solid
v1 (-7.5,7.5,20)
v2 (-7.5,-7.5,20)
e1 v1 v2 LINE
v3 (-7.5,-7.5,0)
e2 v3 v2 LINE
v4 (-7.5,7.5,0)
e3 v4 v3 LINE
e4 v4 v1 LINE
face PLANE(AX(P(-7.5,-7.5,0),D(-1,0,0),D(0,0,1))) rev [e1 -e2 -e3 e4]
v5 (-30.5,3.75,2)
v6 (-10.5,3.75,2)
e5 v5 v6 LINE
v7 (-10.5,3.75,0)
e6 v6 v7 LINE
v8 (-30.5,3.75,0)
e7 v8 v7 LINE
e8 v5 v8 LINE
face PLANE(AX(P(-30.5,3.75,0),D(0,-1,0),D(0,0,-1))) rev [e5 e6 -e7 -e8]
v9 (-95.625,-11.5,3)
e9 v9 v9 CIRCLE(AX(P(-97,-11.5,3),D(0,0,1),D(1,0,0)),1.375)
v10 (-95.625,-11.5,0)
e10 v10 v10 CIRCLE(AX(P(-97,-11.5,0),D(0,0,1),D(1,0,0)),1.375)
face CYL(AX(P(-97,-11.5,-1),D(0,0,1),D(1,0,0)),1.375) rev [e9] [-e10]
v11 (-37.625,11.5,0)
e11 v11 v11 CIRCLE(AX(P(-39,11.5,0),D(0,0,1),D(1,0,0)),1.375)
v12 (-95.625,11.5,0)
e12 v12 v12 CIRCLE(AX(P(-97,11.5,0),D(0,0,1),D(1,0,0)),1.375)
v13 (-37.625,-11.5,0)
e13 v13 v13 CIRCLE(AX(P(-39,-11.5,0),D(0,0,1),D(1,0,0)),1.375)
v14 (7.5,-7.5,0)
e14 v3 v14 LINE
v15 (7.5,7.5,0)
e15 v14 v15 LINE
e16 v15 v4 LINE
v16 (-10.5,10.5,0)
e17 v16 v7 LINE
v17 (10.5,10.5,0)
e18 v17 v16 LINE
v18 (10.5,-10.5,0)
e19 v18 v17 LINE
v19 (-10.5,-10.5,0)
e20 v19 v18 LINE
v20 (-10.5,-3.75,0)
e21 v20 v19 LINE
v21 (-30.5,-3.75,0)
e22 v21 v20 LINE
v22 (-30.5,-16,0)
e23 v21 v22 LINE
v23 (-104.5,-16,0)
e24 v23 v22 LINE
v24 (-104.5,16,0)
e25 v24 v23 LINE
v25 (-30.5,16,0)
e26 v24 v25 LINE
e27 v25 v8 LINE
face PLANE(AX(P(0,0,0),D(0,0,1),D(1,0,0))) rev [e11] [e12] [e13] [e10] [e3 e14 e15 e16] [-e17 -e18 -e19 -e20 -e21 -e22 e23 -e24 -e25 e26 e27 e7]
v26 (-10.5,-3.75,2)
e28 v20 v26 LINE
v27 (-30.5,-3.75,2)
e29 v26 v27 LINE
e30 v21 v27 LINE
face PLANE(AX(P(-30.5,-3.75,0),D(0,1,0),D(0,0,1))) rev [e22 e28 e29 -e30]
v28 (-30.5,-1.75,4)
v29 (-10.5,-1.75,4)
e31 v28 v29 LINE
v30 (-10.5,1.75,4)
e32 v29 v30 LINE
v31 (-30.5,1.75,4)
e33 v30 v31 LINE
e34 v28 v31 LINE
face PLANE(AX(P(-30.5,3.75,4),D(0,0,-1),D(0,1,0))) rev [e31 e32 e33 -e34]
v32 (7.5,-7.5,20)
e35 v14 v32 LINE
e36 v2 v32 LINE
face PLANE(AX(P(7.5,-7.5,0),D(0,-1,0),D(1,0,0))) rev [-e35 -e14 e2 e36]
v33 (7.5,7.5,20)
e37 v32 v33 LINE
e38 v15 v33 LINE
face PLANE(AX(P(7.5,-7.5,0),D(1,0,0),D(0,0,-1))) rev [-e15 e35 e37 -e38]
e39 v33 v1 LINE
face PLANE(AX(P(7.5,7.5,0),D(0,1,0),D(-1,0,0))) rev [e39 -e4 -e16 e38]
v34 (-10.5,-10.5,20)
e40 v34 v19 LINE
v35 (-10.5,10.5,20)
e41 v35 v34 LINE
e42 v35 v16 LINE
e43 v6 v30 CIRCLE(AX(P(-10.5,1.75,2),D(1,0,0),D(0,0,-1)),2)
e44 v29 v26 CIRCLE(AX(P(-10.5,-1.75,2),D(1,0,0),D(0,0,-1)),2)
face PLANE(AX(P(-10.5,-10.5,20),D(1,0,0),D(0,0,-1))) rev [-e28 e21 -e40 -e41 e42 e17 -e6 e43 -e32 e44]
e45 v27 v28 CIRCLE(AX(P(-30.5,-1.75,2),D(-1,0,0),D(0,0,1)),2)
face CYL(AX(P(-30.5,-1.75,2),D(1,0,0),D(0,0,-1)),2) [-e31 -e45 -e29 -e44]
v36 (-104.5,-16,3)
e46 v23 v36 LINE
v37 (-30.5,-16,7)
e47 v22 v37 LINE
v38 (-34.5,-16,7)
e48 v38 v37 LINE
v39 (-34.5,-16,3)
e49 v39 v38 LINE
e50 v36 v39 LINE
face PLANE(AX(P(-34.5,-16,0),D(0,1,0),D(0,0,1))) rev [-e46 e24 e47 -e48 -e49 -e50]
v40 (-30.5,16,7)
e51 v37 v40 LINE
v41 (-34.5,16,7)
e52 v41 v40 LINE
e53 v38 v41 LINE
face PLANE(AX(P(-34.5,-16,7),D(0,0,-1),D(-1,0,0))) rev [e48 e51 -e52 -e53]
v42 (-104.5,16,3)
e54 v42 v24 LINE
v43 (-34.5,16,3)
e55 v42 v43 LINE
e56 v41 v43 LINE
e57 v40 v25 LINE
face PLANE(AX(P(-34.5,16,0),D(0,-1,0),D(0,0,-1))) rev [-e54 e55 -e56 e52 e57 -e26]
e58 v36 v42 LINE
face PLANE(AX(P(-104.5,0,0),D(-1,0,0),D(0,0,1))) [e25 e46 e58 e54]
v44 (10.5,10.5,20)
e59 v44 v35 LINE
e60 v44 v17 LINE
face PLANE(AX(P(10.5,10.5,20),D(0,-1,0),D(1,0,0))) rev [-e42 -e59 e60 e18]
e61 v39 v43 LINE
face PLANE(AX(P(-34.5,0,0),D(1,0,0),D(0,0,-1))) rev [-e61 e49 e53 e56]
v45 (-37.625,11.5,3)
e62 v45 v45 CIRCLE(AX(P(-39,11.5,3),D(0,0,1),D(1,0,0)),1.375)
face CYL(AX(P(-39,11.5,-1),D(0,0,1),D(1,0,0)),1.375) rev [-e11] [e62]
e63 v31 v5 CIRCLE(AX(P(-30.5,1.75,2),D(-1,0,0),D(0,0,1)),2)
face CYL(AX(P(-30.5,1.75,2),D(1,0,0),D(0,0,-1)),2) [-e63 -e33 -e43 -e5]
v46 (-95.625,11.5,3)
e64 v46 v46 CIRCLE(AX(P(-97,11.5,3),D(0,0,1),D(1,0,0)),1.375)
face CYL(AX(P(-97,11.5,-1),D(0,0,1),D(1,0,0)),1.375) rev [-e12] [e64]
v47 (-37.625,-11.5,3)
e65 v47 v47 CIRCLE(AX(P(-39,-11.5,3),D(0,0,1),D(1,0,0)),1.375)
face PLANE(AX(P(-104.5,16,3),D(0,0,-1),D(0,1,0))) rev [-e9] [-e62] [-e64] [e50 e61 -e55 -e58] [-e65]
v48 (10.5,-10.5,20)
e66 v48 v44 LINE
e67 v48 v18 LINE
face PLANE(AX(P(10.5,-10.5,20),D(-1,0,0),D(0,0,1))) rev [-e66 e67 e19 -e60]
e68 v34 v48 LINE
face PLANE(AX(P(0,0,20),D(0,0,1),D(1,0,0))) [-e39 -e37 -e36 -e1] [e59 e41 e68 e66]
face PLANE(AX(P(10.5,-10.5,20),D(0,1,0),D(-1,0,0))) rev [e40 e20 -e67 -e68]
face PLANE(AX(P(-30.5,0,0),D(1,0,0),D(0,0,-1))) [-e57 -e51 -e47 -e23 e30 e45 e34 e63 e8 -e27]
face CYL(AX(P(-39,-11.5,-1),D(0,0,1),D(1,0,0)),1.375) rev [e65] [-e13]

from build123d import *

# Parameters (mm, degrees)
SKETCH2_W           = 21
SKETCH2_H           = 21
BOSS_EXTRUDE1_DEPTH = 20
SKETCH3_W           = 15
SKETCH3_H           = 15
CUT_EXTRUDE1_DEPTH  = 20
SKETCH4_W           = 4
SKETCH4_H           = 7.5
BOSS_EXTRUDE2_DEPTH = 20
FILLET2_R           = 2
SKETCH5_W           = 7
SKETCH5_H           = 32
BOSS_EXTRUDE3_DEPTH = 4
SKETCH6_W           = 3
SKETCH6_H           = 32
BOSS_EXTRUDE4_DEPTH = 70
SKETCH8_R           = 1.375
CUT_EXTRUDE2_DEPTH  = 4


with BuildPart() as part:
    # Sketch2 → Boss-Extrude1 (new body)
    with BuildSketch(Plane.XY):
        Rectangle(SKETCH2_W, SKETCH2_H)
    extrude(amount=BOSS_EXTRUDE1_DEPTH)

    # Sketch3 → Cut-Extrude1 (cut)
    with BuildSketch(Plane.XY.offset(20)):
        Rectangle(SKETCH3_W, SKETCH3_H)
    extrude(amount=-CUT_EXTRUDE1_DEPTH, mode=Mode.SUBTRACT)

    # Sketch4 → Boss-Extrude2 (add)
    with BuildSketch(Plane.ZY.offset(10.5)):
        with Locations((2, 0)):
            Rectangle(SKETCH4_W, SKETCH4_H)
    extrude(amount=BOSS_EXTRUDE2_DEPTH)

    # Fillet2
    fillet2_edges = [part.edges().sort_by_distance(p)[0] for p in [
        (-20.5, -3.75, 4),
        (-20.5, 3.75, 4),
    ]]
    fillet(fillet2_edges, radius=FILLET2_R)

    # Sketch5 → Boss-Extrude3 (add)
    with BuildSketch(Plane.ZY.offset(30.5)):
        with Locations((3.5, 0)):
            Rectangle(SKETCH5_W, SKETCH5_H)
    extrude(amount=BOSS_EXTRUDE3_DEPTH)

    # Sketch6 → Boss-Extrude4 (add)
    with BuildSketch(Plane.ZY.offset(34.5)):
        with Locations((1.5, 0)):
            Rectangle(SKETCH6_W, SKETCH6_H)
    extrude(amount=BOSS_EXTRUDE4_DEPTH)

    # Sketch8 → Cut-Extrude2 (cut)
    with BuildSketch(Plane.XY.offset(3)):
        with Locations((-39, -11.5)):
            Circle(SKETCH8_R)
        with Locations((-39, 11.5)):
            Circle(SKETCH8_R)
        with Locations((-97, -11.5)):
            Circle(SKETCH8_R)
        with Locations((-97, 11.5)):
            Circle(SKETCH8_R)
    extrude(amount=-CUT_EXTRUDE2_DEPTH, mode=Mode.SUBTRACT)


solid = part.part
